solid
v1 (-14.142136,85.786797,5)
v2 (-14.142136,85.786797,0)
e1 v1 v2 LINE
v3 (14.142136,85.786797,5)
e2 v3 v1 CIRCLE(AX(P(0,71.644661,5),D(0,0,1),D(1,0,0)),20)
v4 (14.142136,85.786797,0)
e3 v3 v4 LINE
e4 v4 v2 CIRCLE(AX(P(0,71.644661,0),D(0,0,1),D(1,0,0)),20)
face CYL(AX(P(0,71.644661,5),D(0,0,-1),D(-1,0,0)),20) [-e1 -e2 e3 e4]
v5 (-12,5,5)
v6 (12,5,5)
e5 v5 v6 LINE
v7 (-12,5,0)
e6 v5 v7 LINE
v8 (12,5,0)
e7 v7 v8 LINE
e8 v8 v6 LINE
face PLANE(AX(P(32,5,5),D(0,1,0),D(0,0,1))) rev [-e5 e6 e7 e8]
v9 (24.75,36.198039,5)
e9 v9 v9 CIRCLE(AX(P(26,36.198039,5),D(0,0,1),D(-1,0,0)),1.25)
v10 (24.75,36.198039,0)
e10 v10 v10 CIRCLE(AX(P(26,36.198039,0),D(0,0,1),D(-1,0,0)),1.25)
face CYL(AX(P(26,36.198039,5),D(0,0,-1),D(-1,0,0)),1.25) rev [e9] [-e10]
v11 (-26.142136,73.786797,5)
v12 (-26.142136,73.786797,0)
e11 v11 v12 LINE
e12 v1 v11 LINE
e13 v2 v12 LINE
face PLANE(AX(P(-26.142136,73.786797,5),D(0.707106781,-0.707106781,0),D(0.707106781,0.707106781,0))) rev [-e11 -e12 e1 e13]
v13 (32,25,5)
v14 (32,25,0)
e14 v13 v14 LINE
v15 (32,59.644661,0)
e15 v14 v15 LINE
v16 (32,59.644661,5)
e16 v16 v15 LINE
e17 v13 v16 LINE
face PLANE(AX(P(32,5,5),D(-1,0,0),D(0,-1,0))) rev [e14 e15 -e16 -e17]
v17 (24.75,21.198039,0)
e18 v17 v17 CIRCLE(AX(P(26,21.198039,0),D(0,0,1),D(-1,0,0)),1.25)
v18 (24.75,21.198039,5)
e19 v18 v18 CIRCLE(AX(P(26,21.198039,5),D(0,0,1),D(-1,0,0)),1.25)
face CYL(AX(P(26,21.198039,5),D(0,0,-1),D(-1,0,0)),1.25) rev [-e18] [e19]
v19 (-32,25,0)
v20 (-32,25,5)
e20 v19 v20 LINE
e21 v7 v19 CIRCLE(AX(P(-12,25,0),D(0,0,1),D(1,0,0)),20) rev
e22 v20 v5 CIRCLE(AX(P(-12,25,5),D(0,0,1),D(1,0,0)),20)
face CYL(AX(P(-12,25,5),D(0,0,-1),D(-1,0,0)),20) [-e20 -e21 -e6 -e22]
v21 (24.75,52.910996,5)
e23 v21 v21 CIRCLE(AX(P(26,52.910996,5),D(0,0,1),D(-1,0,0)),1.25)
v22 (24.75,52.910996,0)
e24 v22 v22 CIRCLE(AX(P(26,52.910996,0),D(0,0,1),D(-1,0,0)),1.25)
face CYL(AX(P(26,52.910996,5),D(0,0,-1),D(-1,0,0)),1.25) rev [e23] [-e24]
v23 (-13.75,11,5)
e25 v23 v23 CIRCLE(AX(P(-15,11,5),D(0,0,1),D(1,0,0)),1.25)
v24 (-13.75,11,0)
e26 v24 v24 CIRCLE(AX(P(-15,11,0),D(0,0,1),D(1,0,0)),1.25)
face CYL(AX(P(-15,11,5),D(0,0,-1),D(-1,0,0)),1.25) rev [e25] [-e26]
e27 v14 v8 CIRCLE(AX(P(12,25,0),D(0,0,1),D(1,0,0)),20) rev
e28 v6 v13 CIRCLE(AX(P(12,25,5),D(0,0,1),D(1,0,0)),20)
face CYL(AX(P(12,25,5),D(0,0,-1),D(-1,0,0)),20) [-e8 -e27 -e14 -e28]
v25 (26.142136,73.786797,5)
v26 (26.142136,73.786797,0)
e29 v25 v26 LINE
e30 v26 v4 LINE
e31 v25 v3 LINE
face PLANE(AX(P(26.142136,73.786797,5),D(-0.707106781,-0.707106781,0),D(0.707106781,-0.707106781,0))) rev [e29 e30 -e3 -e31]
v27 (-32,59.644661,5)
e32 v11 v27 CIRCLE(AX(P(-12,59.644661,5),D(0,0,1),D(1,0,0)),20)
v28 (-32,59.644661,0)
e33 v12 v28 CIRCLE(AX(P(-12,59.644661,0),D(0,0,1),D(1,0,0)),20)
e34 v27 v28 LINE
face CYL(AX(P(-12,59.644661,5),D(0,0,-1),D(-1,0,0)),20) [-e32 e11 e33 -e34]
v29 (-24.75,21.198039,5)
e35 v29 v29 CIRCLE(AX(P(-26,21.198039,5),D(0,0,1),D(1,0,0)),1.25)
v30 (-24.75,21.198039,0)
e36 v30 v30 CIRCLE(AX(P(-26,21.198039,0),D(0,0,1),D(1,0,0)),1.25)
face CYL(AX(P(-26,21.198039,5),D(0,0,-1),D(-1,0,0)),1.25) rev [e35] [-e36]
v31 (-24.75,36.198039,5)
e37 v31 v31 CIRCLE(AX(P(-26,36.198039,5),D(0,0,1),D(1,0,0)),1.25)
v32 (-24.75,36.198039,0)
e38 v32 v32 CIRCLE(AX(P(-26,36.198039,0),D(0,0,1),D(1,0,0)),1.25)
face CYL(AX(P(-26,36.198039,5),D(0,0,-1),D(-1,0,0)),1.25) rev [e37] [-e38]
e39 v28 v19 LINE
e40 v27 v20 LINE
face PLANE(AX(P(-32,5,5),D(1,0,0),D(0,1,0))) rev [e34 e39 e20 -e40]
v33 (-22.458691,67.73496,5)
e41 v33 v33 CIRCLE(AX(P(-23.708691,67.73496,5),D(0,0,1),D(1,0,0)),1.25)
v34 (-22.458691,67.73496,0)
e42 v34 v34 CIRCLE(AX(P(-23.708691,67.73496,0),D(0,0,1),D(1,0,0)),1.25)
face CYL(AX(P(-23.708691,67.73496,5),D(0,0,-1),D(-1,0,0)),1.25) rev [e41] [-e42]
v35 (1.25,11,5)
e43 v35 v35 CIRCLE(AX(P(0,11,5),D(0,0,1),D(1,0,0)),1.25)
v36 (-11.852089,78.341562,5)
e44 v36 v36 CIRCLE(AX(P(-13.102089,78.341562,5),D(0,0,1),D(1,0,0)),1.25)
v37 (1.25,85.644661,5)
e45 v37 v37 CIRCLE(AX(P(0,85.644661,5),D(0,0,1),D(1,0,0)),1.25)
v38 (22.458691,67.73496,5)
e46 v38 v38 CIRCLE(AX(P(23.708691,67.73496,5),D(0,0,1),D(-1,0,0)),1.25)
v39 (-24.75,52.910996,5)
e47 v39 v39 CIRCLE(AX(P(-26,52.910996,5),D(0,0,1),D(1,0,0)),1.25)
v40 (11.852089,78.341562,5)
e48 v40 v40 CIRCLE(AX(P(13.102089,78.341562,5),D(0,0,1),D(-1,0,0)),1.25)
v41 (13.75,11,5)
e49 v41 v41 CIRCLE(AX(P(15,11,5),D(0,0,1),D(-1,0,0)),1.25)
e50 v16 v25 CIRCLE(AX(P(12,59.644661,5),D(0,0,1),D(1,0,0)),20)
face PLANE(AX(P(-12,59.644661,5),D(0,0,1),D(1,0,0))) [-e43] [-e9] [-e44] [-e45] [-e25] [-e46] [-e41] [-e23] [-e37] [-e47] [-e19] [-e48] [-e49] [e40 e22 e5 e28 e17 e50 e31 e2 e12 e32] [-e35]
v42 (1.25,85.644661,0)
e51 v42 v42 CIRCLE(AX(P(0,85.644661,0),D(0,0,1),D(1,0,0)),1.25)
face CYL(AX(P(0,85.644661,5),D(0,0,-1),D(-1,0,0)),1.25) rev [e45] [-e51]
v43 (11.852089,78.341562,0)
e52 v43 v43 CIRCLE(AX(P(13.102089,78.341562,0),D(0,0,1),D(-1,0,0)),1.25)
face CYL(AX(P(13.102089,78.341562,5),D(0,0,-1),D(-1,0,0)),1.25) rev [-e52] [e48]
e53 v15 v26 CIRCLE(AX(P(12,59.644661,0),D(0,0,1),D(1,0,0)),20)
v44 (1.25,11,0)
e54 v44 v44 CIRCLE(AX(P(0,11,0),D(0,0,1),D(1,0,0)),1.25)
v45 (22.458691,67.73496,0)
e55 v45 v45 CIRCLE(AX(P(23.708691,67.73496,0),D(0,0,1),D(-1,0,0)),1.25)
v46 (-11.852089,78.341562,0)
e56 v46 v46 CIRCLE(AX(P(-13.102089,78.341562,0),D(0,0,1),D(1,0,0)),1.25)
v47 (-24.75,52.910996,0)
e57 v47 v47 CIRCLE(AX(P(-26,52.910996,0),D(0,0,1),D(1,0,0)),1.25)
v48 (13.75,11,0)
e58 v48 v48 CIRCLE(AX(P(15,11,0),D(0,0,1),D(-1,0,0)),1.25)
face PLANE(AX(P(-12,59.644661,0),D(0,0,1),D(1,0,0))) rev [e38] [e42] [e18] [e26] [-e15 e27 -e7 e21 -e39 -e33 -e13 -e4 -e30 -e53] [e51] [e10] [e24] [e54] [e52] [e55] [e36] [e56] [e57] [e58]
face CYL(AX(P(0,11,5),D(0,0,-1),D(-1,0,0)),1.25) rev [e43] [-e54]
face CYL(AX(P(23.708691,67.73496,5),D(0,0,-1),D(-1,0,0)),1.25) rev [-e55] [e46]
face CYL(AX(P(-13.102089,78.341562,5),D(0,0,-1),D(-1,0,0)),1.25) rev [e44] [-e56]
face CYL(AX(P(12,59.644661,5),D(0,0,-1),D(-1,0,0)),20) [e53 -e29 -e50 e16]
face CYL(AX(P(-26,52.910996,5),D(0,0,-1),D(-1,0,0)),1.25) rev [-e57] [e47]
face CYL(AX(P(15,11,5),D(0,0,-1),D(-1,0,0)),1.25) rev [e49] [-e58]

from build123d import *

# Parameters (mm, degrees)
SKETCH1_R           = 1.25
BOSS_EXTRUDE1_DEPTH = 5
FILLET1_R           = 20


with BuildPart() as part:
    # Sketch1 → Boss-Extrude1 (new body)
    with BuildSketch(Plane.XY):
        with BuildLine():
            Line((32, 5), (-32, 5))
            Line((-32, 5), (-32, 59.644660941))
            ThreePointArc((-32, 59.644660941), (-30.47759065, 67.298329588), (-26.142135624, 73.786796564))
            Line((-26.142135624, 73.786796564), (-14.142135624, 85.786796564))
            ThreePointArc((-14.142135624, 85.786796564), (0, 91.644660941), (14.142135624, 85.786796564))
            Line((14.142135624, 85.786796564), (26.142135624, 73.786796564))
            ThreePointArc((26.142135624, 73.786796564), (30.47759065, 67.298329588), (32, 59.644660941))
            Line((32, 59.644660941), (32, 5))
        make_face()
        with Locations((0, 85.644660941)):
            Circle(SKETCH1_R, mode=Mode.SUBTRACT)
        with Locations((-13.102089171, 78.341561643)):
            Circle(SKETCH1_R, mode=Mode.SUBTRACT)
        with Locations((-23.708690889, 67.734959925)):
            Circle(SKETCH1_R, mode=Mode.SUBTRACT)
        with Locations((-26, 52.910996131)):
            Circle(SKETCH1_R, mode=Mode.SUBTRACT)
        with Locations((-26, 36.198039027)):
            Circle(SKETCH1_R, mode=Mode.SUBTRACT)
        with Locations((-26, 21.198039027)):
            Circle(SKETCH1_R, mode=Mode.SUBTRACT)
        with Locations((0, 11)):
            Circle(SKETCH1_R, mode=Mode.SUBTRACT)
        with Locations((-15, 11)):
            Circle(SKETCH1_R, mode=Mode.SUBTRACT)
        with Locations(Location((13.102089171, 78.341561643, 0), (0, 0, 180))):
            Circle(SKETCH1_R, mode=Mode.SUBTRACT)
        with Locations(Location((23.708690889, 67.734959925, 0), (0, 0, 180))):
            Circle(SKETCH1_R, mode=Mode.SUBTRACT)
        with Locations(Location((26, 52.910996131, 0), (0, 0, 180))):
            Circle(SKETCH1_R, mode=Mode.SUBTRACT)
        with Locations(Location((26, 36.198039027, 0), (0, 0, 180))):
            Circle(SKETCH1_R, mode=Mode.SUBTRACT)
        with Locations(Location((26, 21.198039027, 0), (0, 0, 180))):
            Circle(SKETCH1_R, mode=Mode.SUBTRACT)
        with Locations(Location((15, 11, 0), (0, 0, 180))):
            Circle(SKETCH1_R, mode=Mode.SUBTRACT)
    extrude(amount=BOSS_EXTRUDE1_DEPTH)

    # Fillet1
    fillet1_edges = [part.edges().sort_by_distance(p)[0] for p in [
        (32, 5, 2.5),
        (-32, 5, 2.5),
    ]]
    fillet(fillet1_edges, radius=FILLET1_R)


solid = part.part
